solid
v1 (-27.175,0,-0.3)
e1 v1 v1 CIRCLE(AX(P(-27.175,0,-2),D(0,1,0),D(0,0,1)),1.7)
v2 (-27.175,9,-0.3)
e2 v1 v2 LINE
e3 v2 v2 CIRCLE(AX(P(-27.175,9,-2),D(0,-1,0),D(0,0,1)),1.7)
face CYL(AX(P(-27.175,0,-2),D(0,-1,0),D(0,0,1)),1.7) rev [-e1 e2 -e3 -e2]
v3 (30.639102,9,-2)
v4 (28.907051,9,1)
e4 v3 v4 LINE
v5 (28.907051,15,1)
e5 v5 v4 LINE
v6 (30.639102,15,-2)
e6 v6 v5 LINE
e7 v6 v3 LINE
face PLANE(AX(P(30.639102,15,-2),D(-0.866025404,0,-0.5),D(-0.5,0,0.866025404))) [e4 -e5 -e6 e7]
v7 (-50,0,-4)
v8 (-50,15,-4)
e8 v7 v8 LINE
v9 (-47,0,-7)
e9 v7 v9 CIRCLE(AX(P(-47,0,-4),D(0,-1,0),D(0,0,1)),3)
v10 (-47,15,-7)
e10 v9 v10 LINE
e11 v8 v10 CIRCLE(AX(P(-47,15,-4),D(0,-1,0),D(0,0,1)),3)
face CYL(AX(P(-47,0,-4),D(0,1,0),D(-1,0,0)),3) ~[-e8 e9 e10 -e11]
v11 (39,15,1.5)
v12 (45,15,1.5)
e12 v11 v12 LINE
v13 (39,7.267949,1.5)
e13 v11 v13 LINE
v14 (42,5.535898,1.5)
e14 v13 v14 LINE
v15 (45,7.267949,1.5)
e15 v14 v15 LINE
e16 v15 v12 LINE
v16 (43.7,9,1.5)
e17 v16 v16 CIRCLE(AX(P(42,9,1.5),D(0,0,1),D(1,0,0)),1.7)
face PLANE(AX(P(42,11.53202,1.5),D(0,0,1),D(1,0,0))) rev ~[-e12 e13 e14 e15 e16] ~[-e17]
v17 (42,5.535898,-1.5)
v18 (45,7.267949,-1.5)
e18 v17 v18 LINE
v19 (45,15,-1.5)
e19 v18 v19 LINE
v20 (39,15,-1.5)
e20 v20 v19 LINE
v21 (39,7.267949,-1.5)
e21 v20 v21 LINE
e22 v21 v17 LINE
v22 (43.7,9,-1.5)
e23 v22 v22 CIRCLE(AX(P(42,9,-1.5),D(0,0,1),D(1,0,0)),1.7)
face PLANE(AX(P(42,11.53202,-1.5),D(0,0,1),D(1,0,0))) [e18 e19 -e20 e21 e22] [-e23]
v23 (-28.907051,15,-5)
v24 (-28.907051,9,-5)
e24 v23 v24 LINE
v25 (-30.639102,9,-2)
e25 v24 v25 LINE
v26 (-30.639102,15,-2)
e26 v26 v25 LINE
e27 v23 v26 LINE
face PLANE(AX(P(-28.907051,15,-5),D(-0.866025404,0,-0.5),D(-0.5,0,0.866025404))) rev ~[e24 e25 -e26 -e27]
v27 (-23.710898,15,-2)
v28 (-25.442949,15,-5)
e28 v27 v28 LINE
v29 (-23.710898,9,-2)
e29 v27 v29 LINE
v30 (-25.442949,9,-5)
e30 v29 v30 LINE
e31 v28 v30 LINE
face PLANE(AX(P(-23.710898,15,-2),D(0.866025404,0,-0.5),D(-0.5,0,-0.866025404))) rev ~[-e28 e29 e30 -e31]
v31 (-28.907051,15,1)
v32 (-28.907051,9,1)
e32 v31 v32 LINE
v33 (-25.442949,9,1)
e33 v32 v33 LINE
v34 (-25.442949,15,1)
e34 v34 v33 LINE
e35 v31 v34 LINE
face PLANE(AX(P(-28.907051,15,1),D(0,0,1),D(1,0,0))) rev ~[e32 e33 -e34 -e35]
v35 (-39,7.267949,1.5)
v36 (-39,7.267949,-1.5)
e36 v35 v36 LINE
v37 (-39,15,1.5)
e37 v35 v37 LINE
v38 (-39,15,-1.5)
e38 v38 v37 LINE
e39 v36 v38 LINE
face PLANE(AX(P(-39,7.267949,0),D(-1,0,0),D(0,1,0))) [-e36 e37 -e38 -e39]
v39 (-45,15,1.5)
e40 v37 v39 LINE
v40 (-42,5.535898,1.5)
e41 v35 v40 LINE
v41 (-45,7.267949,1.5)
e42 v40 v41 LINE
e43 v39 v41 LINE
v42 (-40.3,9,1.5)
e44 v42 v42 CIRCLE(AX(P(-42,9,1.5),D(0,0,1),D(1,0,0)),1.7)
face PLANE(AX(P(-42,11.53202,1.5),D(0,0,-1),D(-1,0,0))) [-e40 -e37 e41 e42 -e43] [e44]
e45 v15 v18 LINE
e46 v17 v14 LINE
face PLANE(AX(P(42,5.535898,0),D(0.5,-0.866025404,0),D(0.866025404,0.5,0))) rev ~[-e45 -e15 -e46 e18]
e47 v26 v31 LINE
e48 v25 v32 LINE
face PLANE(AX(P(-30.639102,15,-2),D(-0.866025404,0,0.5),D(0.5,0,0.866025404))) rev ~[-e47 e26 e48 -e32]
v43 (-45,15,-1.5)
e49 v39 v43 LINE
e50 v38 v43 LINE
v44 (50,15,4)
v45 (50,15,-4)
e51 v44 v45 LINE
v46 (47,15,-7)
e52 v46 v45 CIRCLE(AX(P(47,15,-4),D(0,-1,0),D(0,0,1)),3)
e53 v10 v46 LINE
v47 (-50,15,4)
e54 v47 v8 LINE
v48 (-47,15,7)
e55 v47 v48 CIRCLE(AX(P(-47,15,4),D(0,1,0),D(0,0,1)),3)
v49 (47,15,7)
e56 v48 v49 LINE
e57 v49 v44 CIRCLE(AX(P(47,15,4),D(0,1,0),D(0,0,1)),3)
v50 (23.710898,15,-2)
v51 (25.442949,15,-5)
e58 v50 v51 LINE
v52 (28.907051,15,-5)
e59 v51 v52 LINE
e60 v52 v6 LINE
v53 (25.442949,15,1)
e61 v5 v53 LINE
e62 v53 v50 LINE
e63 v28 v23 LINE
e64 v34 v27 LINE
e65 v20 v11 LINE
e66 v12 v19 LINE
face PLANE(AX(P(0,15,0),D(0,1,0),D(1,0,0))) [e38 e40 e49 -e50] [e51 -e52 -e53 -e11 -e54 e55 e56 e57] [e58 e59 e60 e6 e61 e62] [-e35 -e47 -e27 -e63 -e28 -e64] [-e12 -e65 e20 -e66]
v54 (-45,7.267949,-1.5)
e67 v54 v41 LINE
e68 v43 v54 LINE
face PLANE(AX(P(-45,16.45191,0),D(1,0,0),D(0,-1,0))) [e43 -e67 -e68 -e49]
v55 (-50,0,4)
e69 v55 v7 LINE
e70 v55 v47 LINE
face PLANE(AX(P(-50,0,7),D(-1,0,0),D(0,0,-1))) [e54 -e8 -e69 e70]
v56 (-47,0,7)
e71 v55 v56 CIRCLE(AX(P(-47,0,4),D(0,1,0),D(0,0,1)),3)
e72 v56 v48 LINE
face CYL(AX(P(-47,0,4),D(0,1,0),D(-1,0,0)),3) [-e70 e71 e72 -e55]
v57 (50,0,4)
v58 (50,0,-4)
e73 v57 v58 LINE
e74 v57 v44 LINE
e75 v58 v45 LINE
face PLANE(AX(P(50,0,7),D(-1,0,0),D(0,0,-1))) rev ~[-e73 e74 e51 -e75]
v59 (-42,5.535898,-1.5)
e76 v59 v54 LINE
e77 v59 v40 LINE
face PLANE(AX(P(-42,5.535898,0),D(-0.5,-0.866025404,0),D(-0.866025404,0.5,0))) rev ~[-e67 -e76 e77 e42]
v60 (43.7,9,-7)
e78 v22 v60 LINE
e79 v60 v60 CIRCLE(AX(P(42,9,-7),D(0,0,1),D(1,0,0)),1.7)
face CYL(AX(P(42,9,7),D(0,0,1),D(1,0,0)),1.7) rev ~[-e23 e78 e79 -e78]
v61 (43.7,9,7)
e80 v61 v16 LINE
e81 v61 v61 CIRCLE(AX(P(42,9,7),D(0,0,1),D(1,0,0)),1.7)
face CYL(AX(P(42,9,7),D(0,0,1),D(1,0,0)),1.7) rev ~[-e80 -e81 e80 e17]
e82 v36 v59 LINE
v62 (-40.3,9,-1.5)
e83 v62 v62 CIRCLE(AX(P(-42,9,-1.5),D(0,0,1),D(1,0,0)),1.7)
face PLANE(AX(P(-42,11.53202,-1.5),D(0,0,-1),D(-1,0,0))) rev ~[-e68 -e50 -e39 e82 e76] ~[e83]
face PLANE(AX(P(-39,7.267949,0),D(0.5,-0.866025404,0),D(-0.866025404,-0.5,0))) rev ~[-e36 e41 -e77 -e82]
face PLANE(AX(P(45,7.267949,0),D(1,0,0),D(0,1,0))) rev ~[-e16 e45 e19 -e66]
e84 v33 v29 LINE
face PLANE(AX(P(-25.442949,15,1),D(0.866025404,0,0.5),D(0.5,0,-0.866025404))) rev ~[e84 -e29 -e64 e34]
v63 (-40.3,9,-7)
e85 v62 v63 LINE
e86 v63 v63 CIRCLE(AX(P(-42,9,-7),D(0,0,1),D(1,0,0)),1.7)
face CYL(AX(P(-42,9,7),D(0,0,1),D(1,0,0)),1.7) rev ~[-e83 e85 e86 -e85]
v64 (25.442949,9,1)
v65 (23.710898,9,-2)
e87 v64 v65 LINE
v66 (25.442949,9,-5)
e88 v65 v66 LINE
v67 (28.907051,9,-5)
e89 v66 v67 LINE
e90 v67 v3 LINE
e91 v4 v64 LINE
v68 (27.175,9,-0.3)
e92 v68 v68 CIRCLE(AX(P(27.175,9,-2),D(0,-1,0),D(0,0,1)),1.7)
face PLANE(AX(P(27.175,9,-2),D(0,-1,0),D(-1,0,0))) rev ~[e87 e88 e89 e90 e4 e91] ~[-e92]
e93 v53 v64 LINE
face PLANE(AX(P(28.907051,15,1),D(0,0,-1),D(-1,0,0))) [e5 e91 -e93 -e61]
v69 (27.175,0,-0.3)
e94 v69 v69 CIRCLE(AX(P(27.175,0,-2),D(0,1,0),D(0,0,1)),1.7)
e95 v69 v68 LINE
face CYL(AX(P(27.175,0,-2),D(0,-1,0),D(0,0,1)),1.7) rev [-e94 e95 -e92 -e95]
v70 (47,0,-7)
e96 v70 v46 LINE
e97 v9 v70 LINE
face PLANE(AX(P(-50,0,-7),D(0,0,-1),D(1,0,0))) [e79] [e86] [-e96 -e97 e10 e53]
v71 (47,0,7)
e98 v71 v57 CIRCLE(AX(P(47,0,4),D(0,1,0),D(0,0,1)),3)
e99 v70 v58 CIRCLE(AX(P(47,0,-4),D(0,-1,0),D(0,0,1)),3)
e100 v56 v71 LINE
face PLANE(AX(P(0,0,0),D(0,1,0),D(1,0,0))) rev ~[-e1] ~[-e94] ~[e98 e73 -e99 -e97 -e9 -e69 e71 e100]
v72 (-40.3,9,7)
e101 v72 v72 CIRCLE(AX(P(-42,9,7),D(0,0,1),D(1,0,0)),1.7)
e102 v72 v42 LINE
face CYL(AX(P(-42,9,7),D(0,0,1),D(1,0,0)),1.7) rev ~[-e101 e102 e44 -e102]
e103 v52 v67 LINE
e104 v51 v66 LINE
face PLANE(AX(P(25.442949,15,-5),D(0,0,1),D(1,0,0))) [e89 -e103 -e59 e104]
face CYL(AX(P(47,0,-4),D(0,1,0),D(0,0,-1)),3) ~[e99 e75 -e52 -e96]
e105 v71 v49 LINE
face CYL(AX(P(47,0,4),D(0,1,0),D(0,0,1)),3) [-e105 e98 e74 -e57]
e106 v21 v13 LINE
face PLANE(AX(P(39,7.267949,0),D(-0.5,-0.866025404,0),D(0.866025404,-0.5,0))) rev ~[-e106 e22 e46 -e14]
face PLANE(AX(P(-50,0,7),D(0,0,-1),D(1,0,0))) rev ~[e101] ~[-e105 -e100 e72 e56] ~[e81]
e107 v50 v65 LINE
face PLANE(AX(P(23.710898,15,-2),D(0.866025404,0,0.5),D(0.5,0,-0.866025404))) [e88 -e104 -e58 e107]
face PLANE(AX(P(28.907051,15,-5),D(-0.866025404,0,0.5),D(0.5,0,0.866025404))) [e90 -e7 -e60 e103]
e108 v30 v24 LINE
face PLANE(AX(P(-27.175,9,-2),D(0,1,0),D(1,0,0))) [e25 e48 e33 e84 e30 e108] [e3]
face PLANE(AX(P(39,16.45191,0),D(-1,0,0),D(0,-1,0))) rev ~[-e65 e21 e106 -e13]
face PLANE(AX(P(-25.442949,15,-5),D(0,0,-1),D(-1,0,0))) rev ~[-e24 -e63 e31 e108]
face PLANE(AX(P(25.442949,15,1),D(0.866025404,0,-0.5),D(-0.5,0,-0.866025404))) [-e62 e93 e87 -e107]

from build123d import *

# Parameters (mm, degrees)
SKETCH1_W           = 100
SKETCH1_H           = 14
SKETCH1_R           = 1.7
BOSS_EXTRUDE1_DEPTH = 15
SKETCH3_R           = 1.7
CUT_EXTRUDE2_DEPTH  = 55.046276467
CUT_EXTRUDE3_START  = -7
CUT_EXTRUDE3_DEPTH  = 1.5
CUT_EXTRUDE4_DEPTH  = 6
FILLET4_R           = 3


with BuildPart() as part:
    # Sketch1 → Boss-Extrude1 (new body)
    with BuildSketch(Plane(origin=(0, 0, 0), x_dir=(1, 0, 0), z_dir=(0, 1, 0))):
        Rectangle(SKETCH1_W, SKETCH1_H)
        with Locations(Location((-27.175, 2, 0), (0, 0, 270))):
            Circle(SKETCH1_R, mode=Mode.SUBTRACT)
        with Locations(Location((27.175, 2, 0), (0, 0, 270))):
            Circle(SKETCH1_R, mode=Mode.SUBTRACT)
    extrude(amount=BOSS_EXTRUDE1_DEPTH)

    # Sketch3 → Cut-Extrude2 (cut, through all)
    with BuildSketch(Plane.XY.offset(7)):
        with Locations((-42, 9)):
            Circle(SKETCH3_R)
        with Locations((42, 9)):
            Circle(SKETCH3_R)
    extrude(amount=-CUT_EXTRUDE2_DEPTH, mode=Mode.SUBTRACT)

    # Sketch4 → Cut-Extrude3 (cut, symmetric)
    with BuildSketch(Plane.XY.offset(7).offset(CUT_EXTRUDE3_START)):
        Polygon((-45, 10.732050808), (-45, 16.451909609), (-39, 16.451909609), (-39, 10.732050808), (-39, 7.267949192), (-42, 5.535898385), (-45, 7.267949192), align=None)
        Polygon((39, 16.451909609), (39, 10.732050808), (39, 7.267949192), (42, 5.535898385), (45, 7.267949192), (45, 10.732050808), (45, 16.451909609), align=None)
    extrude(amount=CUT_EXTRUDE3_DEPTH, both=True, mode=Mode.SUBTRACT)

    # Sketch5 → Cut-Extrude4 (cut)
    with BuildSketch(Plane(origin=(0, 15, 0), x_dir=(1, 0, 0), z_dir=(0, 1, 0))):
        Polygon((-23.710898385, 2), (-25.442949192, 5), (-28.907050808, 5), (-30.639101615, 2), (-28.907050808, -1), (-25.442949192, -1), align=None)
        Polygon((25.442949192, -1), (23.710898385, 2), (25.442949192, 5), (28.907050808, 5), (30.639101615, 2), (28.907050808, -1), align=None)
    extrude(amount=-CUT_EXTRUDE4_DEPTH, mode=Mode.SUBTRACT)

    # Fillet4
    fillet4_edges = [part.edges().sort_by_distance(p)[0] for p in [
        (50, 7.5, 7),
        (-50, 7.5, 7),
        (-50, 7.5, -7),
        (50, 7.5, -7),
    ]]
    fillet(fillet4_edges, radius=FILLET4_R)


solid = part.part
